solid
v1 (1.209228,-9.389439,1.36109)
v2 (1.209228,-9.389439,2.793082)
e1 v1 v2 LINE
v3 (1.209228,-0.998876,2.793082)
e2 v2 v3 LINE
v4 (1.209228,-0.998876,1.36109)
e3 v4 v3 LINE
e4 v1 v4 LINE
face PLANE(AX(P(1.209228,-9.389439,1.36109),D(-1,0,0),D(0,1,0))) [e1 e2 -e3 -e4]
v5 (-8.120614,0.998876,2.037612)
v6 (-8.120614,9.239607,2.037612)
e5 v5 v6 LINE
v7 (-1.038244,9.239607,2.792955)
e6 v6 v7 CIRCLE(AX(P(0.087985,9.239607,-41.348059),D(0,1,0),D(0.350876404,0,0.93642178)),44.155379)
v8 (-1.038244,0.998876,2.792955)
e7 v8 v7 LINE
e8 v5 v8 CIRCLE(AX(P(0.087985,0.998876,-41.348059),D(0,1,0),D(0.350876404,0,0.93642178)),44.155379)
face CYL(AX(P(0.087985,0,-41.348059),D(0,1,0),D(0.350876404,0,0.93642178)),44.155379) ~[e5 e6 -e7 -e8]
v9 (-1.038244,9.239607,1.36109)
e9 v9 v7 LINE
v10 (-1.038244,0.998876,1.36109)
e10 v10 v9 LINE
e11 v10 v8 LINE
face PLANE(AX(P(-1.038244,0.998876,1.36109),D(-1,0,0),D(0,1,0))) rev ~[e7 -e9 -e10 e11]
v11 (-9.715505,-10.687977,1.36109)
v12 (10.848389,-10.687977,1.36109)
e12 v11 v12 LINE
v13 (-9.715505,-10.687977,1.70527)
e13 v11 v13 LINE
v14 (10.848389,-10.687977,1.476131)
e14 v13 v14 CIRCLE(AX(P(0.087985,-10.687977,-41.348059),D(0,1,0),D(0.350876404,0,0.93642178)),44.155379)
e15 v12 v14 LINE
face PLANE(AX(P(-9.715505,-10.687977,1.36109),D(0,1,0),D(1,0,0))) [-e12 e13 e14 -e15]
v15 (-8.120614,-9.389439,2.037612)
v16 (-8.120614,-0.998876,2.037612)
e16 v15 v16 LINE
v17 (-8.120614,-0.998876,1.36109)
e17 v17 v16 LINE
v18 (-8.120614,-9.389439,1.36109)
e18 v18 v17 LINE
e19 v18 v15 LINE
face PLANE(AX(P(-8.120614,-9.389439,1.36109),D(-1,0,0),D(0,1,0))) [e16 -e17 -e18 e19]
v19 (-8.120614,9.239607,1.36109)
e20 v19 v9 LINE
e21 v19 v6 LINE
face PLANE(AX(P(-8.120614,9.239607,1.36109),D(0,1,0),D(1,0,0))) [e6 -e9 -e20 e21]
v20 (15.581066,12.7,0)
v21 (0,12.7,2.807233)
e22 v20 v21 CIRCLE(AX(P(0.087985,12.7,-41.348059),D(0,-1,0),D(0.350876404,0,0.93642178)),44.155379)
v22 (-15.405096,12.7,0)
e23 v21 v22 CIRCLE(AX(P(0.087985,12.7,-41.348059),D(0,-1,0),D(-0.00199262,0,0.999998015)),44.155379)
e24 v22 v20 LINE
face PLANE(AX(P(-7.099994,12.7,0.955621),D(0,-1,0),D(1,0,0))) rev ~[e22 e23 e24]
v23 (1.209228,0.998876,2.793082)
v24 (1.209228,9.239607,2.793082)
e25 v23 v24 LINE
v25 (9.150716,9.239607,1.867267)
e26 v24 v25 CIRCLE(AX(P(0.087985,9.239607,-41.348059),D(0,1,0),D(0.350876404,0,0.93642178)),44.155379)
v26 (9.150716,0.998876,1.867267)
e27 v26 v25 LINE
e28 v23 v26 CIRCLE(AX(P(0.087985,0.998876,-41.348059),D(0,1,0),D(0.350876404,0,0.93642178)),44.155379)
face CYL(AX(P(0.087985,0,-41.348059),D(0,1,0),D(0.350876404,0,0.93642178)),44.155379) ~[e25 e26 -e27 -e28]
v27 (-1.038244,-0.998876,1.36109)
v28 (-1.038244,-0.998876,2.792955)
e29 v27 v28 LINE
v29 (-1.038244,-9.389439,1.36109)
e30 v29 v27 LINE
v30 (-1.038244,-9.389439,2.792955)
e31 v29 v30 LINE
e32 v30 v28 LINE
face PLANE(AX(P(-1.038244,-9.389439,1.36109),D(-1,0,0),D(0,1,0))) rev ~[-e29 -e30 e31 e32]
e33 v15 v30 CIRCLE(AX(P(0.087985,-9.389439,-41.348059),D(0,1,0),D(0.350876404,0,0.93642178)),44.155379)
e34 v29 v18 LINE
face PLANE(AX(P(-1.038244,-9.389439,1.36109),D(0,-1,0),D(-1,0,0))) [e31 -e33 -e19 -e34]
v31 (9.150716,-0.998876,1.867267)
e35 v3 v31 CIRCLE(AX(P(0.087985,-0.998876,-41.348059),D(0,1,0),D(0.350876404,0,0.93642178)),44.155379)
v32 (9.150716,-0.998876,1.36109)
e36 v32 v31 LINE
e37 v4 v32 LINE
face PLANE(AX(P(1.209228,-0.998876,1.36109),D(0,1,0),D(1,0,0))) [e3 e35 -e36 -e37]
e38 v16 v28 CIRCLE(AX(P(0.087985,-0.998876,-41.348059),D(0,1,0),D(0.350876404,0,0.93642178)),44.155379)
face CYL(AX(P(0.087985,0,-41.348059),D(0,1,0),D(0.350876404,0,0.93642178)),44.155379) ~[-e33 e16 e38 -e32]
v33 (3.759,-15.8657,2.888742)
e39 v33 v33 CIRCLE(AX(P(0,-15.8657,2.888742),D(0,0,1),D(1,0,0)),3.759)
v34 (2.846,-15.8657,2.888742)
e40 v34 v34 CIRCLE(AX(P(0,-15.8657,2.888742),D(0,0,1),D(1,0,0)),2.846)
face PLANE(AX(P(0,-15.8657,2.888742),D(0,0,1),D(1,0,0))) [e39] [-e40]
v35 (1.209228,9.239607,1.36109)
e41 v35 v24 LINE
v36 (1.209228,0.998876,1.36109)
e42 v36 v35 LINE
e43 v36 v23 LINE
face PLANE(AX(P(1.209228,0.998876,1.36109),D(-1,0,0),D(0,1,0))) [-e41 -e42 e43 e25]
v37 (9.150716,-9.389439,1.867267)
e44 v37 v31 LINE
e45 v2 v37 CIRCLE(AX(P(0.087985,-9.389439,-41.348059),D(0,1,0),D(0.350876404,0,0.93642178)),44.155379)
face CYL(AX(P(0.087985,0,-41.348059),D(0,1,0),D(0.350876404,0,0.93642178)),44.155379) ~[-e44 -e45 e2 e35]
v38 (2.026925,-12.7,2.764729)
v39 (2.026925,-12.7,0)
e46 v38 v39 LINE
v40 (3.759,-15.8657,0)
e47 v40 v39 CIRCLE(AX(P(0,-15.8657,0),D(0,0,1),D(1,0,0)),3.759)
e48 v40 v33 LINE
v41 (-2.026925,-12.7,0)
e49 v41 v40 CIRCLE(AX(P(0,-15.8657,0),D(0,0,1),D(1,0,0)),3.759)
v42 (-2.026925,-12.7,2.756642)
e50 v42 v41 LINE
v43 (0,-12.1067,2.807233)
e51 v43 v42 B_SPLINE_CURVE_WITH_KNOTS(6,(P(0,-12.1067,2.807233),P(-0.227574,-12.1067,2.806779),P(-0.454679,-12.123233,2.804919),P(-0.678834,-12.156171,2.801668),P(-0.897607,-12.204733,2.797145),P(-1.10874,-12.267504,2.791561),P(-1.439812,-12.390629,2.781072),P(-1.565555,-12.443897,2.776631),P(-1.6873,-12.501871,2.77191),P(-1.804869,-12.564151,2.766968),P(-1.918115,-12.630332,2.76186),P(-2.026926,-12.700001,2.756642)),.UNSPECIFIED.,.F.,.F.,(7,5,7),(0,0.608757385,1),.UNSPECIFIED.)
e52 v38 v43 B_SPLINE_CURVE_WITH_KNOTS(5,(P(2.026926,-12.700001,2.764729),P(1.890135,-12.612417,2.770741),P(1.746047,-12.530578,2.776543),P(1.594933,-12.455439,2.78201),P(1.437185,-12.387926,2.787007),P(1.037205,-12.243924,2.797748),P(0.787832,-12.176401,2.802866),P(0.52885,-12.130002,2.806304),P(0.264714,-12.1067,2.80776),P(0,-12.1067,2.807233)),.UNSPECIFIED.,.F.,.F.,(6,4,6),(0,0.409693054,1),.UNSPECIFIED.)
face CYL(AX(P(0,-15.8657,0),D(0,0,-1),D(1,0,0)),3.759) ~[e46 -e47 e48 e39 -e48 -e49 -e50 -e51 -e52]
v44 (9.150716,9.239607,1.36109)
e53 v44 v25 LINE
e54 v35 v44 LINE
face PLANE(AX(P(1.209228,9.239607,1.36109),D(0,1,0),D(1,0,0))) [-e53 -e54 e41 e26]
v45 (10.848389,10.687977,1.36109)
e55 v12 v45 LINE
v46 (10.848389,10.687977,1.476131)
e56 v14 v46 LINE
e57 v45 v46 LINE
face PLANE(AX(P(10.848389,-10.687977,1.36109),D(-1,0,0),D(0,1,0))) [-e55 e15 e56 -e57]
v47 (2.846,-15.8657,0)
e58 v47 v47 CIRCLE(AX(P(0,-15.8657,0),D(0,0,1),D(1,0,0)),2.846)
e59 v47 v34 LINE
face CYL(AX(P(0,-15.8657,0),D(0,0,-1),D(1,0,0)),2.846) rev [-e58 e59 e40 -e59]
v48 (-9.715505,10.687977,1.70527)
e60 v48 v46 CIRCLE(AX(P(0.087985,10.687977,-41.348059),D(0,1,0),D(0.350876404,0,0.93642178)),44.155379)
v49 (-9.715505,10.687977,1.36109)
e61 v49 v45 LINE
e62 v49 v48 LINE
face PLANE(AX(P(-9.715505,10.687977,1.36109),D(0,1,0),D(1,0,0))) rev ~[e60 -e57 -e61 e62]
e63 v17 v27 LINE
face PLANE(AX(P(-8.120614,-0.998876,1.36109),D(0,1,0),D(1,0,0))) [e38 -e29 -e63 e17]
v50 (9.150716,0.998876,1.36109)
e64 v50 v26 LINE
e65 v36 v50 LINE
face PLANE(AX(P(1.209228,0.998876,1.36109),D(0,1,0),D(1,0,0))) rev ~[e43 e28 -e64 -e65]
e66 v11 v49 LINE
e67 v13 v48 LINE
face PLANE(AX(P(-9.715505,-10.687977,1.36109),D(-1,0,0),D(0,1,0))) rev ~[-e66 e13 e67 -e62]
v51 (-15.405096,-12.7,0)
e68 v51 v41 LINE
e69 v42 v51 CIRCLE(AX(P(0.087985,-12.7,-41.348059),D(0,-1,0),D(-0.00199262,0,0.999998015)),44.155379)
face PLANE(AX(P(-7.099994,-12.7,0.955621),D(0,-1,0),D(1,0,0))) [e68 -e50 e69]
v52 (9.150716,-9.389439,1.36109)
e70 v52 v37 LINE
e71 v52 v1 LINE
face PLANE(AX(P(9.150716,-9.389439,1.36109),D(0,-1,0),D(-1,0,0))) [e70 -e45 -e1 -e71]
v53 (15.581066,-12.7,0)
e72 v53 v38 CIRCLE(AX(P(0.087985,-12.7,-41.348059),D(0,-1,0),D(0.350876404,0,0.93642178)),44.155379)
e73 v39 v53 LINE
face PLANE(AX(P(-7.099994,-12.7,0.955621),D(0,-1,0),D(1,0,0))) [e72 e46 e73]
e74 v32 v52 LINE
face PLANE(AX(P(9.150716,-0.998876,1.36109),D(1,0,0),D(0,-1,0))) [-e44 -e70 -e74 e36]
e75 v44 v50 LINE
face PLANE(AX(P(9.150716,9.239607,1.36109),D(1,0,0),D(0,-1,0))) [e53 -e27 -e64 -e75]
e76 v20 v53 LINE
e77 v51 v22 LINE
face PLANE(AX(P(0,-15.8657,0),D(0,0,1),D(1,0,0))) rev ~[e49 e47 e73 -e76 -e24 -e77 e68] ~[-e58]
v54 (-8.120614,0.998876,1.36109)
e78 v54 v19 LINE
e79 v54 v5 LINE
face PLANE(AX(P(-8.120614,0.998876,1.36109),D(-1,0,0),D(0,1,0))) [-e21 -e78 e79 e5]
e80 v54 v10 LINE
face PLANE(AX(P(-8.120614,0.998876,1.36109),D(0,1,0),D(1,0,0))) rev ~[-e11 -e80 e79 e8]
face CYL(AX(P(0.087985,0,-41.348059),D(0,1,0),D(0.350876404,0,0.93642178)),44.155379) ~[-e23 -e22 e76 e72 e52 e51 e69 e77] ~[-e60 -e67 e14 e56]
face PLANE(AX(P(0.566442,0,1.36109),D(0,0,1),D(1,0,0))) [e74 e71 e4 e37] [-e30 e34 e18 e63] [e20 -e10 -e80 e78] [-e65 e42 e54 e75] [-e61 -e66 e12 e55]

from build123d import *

# Parameters (mm, degrees)
F1_DEPTH      = 12.7
F1_DEPTH_BACK = 12.7
F2_R          = 3.7590001639
F2_R_2        = 2.8460000729
F3_DEPTH      = 2.888742
F5_START      = 1.36109
F4_W          = 20.5638939515
F4_H          = 21.3759541512
F4_W_2        = 2.247471828
F4_H_2        = 8.3905622596
F4_H_3        = 8.2407301525
F4_W_3        = 7.9414884094
F4_H_4        = 1.9977528136
F4_W_4        = 7.082369877
F5_DEPTH      = 1.68691


with BuildPart() as f1:
    # F0 (on Front) → F1 (new body, two sides)
    with BuildSketch(Plane.XZ) as f1_sk:
        with BuildLine():
            ThreePointArc((0, 2.8072327841), (-7.8279825435, 2.0919570377), (-15.405095836, 0))
            Line((-15.405095836, 0), (0, 0))
            Line((0, 0), (0, 2.8072327841))
        make_face()
        with BuildLine():
            Line((0, 2.8072327841), (0, 0))
            Line((0, 0), (15.581065618, 0))
            ThreePointArc((15.581065618, 0), (7.9173771666, 2.1076443124), (0, 2.8072327841))
        make_face()
    extrude(amount=F1_DEPTH)
    extrude(f1_sk.sketch, amount=-F1_DEPTH_BACK)

    # F2 (on Top) → F3 (join)
    with BuildSketch(Plane.XY):
        with Locations((0, -15.8657003194)):
            Circle(F2_R)
        with Locations((0, -15.8657003194)):
            Circle(F2_R_2, mode=Mode.SUBTRACT)
    extrude(amount=F3_DEPTH)

    # F4 (on Top) → F5 (cut)
    with BuildSketch(Plane.XY.offset(F5_START)):
        with Locations((0.5664420314, 0)):
            Rectangle(F4_W, F4_H)
        Polygon((-8.1206136383, 0.9988764068), (-8.1206136383, 9.2396065593), (-1.0382437613, 9.2396065593), (1.2092280667, 9.2396065593), (9.1507164761, 9.2396065593), (9.1507164761, 0.9988764068), (9.1507164761, -0.9988764068), (9.1507164761, -9.3894386664), (1.2092280667, -9.3894386664), (-1.0382437613, -9.3894386664), (-8.1206136383, -9.3894386664), (-8.1206136383, -0.9988764068), align=None, mode=Mode.SUBTRACT)
        with Locations((0.0854921527, -5.1941575366)):
            Rectangle(F4_W_2, F4_H_2)
        with Locations((0.0854921527, 5.119241483)):
            Rectangle(F4_W_2, F4_H_3)
        with Locations((5.1799722714, 0)):
            Rectangle(F4_W_3, F4_H_4)
        with Locations((-4.5794286998, 0)):
            Rectangle(F4_W_4, F4_H_4)
        with Locations((0.0854921527, 0)):
            Rectangle(F4_W_2, F4_H_4)
    extrude(amount=F5_DEPTH, mode=Mode.SUBTRACT)


solid = f1.part
